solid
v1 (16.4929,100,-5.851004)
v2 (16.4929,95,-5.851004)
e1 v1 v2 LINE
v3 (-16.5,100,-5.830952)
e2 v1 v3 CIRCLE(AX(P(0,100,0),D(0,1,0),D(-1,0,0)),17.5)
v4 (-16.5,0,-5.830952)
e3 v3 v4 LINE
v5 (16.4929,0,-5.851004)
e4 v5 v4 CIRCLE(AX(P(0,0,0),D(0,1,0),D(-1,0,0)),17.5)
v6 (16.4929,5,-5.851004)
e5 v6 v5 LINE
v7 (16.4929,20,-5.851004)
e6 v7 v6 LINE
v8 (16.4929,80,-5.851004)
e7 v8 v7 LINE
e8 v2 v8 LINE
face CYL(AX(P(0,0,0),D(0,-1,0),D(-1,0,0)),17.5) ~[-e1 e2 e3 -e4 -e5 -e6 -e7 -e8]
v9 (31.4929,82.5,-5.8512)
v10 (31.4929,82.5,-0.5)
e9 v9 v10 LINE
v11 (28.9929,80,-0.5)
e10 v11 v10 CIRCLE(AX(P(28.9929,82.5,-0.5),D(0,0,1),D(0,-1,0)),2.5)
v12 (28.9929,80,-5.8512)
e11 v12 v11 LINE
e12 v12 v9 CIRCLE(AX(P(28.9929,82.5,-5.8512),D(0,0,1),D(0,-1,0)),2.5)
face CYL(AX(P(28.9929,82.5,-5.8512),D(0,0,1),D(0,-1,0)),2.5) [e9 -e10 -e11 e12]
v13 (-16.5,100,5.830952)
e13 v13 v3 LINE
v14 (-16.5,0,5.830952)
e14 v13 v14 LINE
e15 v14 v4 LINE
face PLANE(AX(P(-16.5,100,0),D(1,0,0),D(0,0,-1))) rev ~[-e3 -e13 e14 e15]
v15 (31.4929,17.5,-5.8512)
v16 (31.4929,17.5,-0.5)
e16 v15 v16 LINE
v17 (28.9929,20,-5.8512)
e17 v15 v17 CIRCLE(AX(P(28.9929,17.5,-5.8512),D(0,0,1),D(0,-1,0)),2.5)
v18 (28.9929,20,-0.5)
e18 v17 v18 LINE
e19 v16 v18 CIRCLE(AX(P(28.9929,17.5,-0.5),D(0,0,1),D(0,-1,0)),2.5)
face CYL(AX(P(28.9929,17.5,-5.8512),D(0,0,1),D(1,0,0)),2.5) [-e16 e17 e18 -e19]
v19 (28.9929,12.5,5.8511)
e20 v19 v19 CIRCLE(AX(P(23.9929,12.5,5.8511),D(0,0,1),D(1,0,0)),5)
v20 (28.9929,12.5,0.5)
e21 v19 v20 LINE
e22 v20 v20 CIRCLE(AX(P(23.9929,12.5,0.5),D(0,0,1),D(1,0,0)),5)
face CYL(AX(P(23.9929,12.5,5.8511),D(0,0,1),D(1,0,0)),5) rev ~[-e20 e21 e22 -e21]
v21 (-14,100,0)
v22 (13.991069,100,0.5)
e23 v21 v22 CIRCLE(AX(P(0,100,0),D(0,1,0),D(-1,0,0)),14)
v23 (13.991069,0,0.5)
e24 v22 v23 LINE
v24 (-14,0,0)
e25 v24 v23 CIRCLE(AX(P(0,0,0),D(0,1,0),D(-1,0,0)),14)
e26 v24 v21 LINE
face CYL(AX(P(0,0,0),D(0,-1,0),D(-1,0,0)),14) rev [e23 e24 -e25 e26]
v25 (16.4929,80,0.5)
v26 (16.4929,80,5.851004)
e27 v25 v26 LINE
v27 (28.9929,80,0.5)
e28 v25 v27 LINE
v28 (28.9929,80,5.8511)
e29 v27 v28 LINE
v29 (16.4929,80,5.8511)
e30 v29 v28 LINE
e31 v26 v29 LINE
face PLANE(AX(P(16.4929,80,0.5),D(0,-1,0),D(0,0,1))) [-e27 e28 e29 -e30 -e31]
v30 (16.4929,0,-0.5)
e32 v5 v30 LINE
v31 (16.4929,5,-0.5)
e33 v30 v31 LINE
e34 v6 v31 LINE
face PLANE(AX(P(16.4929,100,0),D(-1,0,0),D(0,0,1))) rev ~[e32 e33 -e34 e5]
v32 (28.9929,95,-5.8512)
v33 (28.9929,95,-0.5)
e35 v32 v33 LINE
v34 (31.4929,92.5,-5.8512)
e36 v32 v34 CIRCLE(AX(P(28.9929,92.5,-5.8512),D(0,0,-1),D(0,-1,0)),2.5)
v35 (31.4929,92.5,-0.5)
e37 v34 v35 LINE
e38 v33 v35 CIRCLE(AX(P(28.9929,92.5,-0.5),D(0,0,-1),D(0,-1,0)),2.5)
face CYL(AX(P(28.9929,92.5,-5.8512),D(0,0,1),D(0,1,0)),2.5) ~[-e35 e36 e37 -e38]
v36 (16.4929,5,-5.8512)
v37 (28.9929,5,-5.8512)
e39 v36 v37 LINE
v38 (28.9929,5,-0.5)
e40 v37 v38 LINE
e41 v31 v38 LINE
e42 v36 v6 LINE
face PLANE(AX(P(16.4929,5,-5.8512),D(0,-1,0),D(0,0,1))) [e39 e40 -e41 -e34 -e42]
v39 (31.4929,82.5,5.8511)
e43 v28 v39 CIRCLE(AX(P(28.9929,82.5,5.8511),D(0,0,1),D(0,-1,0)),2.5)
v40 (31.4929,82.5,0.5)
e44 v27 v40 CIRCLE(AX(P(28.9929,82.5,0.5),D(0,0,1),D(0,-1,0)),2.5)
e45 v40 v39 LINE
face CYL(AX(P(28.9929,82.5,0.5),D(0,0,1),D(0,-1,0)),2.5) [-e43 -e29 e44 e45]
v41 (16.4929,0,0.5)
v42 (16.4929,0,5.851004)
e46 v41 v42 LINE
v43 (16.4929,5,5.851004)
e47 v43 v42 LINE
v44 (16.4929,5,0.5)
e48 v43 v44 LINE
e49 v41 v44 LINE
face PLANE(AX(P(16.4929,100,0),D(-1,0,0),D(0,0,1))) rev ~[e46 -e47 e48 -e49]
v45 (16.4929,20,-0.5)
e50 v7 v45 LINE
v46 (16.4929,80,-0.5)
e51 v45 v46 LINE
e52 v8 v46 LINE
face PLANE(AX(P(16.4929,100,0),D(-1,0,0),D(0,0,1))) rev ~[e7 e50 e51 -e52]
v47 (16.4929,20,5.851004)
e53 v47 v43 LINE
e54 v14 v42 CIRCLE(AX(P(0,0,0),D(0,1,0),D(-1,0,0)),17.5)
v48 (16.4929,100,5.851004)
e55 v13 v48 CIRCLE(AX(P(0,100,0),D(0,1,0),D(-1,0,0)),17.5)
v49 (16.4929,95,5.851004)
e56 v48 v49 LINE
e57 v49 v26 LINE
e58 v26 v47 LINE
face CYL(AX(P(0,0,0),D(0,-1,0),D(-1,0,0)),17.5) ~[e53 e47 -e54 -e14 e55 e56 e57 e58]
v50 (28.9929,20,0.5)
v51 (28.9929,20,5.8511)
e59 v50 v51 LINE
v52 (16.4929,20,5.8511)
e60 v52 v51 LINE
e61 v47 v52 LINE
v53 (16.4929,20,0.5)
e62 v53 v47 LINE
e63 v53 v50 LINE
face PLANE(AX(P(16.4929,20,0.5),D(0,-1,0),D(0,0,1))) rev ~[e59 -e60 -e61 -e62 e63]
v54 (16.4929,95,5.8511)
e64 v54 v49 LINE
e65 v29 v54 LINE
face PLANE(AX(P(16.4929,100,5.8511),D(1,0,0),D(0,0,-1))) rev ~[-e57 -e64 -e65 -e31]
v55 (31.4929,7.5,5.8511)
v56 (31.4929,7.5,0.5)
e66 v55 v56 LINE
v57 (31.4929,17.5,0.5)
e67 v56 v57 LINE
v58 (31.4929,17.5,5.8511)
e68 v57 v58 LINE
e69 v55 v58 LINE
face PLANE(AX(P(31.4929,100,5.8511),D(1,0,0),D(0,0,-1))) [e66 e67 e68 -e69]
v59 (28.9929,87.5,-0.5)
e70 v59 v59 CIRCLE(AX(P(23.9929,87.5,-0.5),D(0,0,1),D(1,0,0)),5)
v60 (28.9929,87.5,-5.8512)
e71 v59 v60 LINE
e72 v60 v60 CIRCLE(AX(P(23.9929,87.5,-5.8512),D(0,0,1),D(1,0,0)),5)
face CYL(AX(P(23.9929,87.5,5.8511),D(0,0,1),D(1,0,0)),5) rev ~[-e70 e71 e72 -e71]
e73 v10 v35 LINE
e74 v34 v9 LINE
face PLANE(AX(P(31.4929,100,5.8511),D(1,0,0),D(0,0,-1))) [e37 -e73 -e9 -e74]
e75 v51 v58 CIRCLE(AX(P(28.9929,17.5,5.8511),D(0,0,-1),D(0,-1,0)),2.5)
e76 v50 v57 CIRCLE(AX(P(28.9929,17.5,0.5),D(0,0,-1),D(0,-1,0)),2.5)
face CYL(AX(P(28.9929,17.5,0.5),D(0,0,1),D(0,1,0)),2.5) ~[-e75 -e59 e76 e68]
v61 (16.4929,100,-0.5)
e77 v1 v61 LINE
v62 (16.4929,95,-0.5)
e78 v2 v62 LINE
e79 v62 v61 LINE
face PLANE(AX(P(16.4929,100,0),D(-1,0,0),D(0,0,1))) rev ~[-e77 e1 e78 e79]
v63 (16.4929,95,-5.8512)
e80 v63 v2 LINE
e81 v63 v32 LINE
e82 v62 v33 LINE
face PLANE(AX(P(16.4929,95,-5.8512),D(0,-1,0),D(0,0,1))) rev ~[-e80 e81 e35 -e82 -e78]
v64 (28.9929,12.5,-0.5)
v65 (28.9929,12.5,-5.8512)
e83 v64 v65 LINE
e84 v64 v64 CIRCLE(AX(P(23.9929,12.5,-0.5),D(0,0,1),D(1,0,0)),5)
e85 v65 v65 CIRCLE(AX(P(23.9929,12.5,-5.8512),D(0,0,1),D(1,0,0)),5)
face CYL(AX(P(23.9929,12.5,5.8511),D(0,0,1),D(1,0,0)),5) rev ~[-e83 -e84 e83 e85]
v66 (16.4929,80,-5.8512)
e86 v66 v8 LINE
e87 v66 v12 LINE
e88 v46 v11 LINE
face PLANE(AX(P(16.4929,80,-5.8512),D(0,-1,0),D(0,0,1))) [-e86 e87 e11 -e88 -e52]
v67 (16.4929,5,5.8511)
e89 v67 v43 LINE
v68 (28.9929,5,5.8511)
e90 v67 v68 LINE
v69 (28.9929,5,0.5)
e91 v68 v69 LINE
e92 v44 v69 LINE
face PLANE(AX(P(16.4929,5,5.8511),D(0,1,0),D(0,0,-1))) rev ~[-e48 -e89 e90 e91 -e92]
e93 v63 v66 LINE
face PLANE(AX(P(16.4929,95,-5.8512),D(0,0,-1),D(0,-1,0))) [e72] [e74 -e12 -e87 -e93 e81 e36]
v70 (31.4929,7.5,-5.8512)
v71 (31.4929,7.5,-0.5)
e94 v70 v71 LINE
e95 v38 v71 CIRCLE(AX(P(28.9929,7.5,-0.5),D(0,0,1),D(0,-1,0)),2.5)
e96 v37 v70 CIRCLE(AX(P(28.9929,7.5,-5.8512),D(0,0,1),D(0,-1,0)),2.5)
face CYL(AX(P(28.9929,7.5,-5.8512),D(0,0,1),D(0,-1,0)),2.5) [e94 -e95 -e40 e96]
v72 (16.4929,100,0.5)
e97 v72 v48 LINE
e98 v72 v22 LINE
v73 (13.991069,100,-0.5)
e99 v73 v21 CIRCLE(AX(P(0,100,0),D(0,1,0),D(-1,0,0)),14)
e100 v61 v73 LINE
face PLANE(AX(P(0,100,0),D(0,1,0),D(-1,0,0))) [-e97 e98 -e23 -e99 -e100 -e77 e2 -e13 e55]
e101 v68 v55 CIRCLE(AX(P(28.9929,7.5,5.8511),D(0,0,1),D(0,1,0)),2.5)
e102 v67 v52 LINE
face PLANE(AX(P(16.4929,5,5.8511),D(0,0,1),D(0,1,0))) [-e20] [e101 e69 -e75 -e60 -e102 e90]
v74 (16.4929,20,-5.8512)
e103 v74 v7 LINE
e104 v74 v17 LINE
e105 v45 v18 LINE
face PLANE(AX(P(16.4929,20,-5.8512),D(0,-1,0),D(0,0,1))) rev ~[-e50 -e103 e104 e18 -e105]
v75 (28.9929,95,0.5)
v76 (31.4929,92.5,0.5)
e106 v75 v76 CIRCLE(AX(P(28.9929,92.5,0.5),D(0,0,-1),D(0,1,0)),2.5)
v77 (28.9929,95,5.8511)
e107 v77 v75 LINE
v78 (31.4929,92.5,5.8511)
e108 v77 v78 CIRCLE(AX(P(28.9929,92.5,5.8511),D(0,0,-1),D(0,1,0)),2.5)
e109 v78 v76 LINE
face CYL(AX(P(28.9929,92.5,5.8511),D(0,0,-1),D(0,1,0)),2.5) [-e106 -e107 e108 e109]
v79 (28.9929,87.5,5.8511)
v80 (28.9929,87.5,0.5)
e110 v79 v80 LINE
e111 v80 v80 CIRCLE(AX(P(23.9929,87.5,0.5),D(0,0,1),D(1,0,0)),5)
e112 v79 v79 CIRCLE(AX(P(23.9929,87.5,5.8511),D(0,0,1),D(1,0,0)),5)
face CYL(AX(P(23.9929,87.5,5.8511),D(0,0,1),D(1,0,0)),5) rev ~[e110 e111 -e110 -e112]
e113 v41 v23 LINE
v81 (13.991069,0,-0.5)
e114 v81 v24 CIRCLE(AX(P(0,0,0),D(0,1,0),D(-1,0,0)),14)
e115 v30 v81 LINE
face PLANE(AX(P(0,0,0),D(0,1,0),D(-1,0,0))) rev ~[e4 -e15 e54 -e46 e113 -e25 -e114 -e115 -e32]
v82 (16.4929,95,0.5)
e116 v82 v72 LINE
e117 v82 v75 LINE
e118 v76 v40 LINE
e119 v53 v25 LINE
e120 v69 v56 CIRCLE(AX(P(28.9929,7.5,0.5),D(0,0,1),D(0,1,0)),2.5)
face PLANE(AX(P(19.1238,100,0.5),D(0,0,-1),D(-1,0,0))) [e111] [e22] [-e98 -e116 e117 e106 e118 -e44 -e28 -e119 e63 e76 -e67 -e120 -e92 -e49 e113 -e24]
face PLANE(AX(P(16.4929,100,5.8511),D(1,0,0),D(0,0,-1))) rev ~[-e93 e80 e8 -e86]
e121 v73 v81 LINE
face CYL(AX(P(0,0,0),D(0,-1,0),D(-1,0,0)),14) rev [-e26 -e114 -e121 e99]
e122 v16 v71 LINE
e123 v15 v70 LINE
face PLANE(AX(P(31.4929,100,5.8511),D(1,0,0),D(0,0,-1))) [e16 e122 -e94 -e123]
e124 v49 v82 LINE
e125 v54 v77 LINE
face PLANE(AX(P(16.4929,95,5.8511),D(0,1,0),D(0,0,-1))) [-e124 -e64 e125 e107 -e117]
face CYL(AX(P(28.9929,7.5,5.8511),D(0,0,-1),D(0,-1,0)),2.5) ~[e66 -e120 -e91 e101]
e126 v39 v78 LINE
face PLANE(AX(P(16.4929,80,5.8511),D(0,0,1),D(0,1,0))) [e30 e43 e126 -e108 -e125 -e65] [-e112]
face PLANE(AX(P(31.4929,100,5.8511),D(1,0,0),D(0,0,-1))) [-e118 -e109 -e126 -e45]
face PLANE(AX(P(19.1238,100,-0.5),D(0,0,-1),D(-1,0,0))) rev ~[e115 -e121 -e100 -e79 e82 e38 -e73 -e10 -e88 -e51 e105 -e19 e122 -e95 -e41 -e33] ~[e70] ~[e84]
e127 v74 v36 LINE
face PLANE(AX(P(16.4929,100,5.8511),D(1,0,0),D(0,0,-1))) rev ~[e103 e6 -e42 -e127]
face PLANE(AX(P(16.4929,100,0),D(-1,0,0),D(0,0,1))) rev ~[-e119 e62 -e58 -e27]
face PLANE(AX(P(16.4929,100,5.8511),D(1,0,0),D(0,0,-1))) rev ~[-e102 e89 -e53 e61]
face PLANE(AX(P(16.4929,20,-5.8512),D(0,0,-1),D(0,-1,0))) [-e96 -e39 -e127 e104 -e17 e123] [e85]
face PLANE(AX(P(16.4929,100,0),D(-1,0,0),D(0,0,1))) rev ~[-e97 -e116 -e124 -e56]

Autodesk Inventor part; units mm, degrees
ref_plane "YZ Plane" through (0, 0, 0) normal (1, 0, 0) x (0, 1, 0)
ref_plane "XZ Plane" through (0, 0, 0) normal (0, 1, 0) x (-1, 0, 0)
ref_plane "XY Plane" through (0, 0, 0) normal (0, 0, 1) x (1, 0, 0)
sketch "Skizze1" plane through (0, 0, 0) normal (0, 1, 0) x (-1, 0, 0)
  circle A0 centre (0, 0) radius 14
  circle A1 centre (0, 0) radius 17.5
  dimension "d0" = 28
  dimension "d1" = 35
extrude "Extrusion1" add sketch "Skizze1" along normal blind 100
sketch "Skizze2" plane through (0, 100, 0) normal (0, 1, 0) x (1, 0, 0)
  circle A0 centre (0, 0) radius 17.5 construction
  line L0 (-17.5, 0) -> (17.5, 0) construction
  line L1 (0, -17.5) -> (0, 17.5) construction
  line L2 (11.1238, 0) -> (19.1238, 0)
  line L3 (19.1238, 0) -> (19.1238, 0.5)
  line L4 (19.1238, 0.5) -> (11.1238, 0.5)
  line L5 (11.1238, 0.5) -> (11.1238, 0)
  line L6 (11.1238, 0) -> (19.1238, 0)
  line L7 (19.1238, 0) -> (19.1238, -0.5)
  line L8 (19.1238, -0.5) -> (11.1238, -0.5)
  line L9 (11.1238, -0.5) -> (11.1238, 0)
  dimension "d4" = 8
  dimension "d5" = 0.5
  dimension "d6" = 0.5
extrude "Extrusion2" cut sketch "Skizze2" against normal blind 1000
sketch "Skizze3" plane through (0, 100, 0) normal (0, 1, 0) x (1, 0, 0)
  arc A0 (17.4929, 0.5) -> (17.4929, -0.5) centre (0, 0) ccw construction
  line L0 (-17.5, 0) -> (17.4929, 0) construction
  line L1 (-17.5, 0) -> (-16.5, 0)
  line L2 (-16.5, 0) -> (-16.5, 10)
  line L3 (-16.5, 10) -> (-17.5, 10)
  line L4 (-17.5, 10) -> (-17.5, 0)
  line L5 (-17.5, 0) -> (-16.5, 0)
  line L6 (-16.5, 0) -> (-16.5, -14.1837)
  line L7 (-16.5, -14.1837) -> (-17.5, -14.1837)
  line L8 (-17.5, -14.1837) -> (-17.5, 0)
  line L9 (-0.0036, -17.5) -> (-0.0036, 17.5) construction
  line L10 (17.4929, 0) -> (16.4929, 0)
  line L11 (16.4929, 0) -> (16.4929, 10)
  line L12 (16.4929, 10) -> (17.4929, 10)
  line L13 (17.4929, 10) -> (17.4929, 0)
  line L14 (17.4929, 0) -> (16.4929, 0)
  line L15 (16.4929, 0) -> (16.4929, -14.1837)
  line L16 (16.4929, -14.1837) -> (17.4929, -14.1837)
  line L17 (17.4929, -14.1837) -> (17.4929, 0)
  dimension "d9" = 1
  dimension "d10" = 10
extrude "Extrusion3" cut sketch "Skizze3" against normal blind 1000
sketch "Skizze4" plane through (16.4929, 100, 5.8511) normal (1, 0, 0) x (0, 0, -1)
  line L0 (0, -100) -> (0, 0) projected
  line L1 (5.3511, 0) -> (0, 0)
  line L2 (0, 0) -> (0, -5)
  line L3 (0, -5) -> (5.3511, -5)
  line L4 (5.3511, -5) -> (5.3511, 0)
  line L5 (0, -5) -> (5.3511, -5)
  line L6 (5.3511, -5) -> (5.3511, -20)
  line L7 (5.3511, -20) -> (0, -20)
  line L8 (0, -20) -> (0, -5)
  line L9 (11.7023, 0) -> (11.7023, -100) projected
  line L10 (6.3511, 0) -> (11.7023, 0)
  line L11 (11.7023, 0) -> (11.7023, -5)
  line L12 (11.7023, -5) -> (6.3511, -5)
  line L13 (6.3511, -5) -> (6.3511, 0)
  line L14 (6.3511, -5) -> (11.7023, -5)
  line L15 (11.7023, -5) -> (11.7023, -20)
  line L16 (11.7023, -20) -> (6.3511, -20)
  line L17 (6.3511, -20) -> (6.3511, -5)
  line L18 (0, -50) -> (11.7023, -50) construction
  line L19 (5.3511, -100) -> (0, -100)
  line L20 (0, -100) -> (0, -95)
  line L21 (0, -95) -> (5.3511, -95)
  line L22 (5.3511, -95) -> (5.3511, -100)
  line L23 (0, -95) -> (5.3511, -95)
  line L24 (5.3511, -95) -> (5.3511, -80)
  line L25 (5.3511, -80) -> (0, -80)
  line L26 (0, -80) -> (0, -95)
  line L27 (6.3511, -100) -> (11.7023, -100)
  line L28 (11.7023, -100) -> (11.7023, -95)
  line L29 (11.7023, -95) -> (6.3511, -95)
  line L30 (6.3511, -95) -> (6.3511, -100)
  line L31 (6.3511, -95) -> (11.7023, -95)
  line L32 (11.7023, -95) -> (11.7023, -80)
  line L33 (11.7023, -80) -> (6.3511, -80)
  line L34 (6.3511, -80) -> (6.3511, -95)
  point P0 (5.8511, -100)
  point P1 (11.7023, -80)
  point P2 (0, -80)
  dimension "d13" = 5
  dimension "d14" = 15
  dimension "d15" = 15
extrude "Extrusion4" add sketch "Skizze4" along normal blind 15 contours L0 L3 L6 L7 | L0 L25 L24 L21 | L9 L29 L34 L33 | L9 L16 L17 L12
fillet "Rundung1" radius 2.5 8 edges at (31.4929, 95, 3.1756) (31.4929, 80, 3.1756) (31.4929, 80, -3.1756) (31.4929, 95, -3.1756) (31.4929, 20, 3.1756) (31.4929, 5, 3.1756) (31.4929, 20, -3.1756) (31.4929, 5, -3.1756)
sketch "Skizze5" plane through (16.4929, 80, 5.8511) normal (0, 0, 1) x (1, 0, 0)
  line L0 (0, 0) -> (12.5, 0) construction
  line L1 (0, 0) -> (7.5, 0) construction
  line L2 (0, 0) -> (7.5, 0) construction
  line L3 (7.5, 0) -> (7.5, 7.5) construction
  circle A0 centre (7.5, 7.5) radius 5
  line L4 (0, -75) -> (12.5, -75) construction
  line L5 (0, -75) -> (7.5, -75) construction
  line L6 (0, -75) -> (7.5, -75) construction
  line L7 (7.5, -75) -> (7.5, -67.5) construction
  circle A1 centre (7.5, -67.5) radius 5
  point P0 (-16.4929, -80)
  dimension "d19" = 7.5
  dimension "d20" = 0
  dimension "d21" = 7.5
  dimension "d22" = 90
  dimension "d23" = 10
  dimension "d24" = 7.5
  dimension "d25" = 0
  dimension "d26" = 7.5
  dimension "d27" = 90
  dimension "d28" = 10
extrude "Extrusion5" cut sketch "Skizze5" against normal blind 100
properties part number "Hülse"
